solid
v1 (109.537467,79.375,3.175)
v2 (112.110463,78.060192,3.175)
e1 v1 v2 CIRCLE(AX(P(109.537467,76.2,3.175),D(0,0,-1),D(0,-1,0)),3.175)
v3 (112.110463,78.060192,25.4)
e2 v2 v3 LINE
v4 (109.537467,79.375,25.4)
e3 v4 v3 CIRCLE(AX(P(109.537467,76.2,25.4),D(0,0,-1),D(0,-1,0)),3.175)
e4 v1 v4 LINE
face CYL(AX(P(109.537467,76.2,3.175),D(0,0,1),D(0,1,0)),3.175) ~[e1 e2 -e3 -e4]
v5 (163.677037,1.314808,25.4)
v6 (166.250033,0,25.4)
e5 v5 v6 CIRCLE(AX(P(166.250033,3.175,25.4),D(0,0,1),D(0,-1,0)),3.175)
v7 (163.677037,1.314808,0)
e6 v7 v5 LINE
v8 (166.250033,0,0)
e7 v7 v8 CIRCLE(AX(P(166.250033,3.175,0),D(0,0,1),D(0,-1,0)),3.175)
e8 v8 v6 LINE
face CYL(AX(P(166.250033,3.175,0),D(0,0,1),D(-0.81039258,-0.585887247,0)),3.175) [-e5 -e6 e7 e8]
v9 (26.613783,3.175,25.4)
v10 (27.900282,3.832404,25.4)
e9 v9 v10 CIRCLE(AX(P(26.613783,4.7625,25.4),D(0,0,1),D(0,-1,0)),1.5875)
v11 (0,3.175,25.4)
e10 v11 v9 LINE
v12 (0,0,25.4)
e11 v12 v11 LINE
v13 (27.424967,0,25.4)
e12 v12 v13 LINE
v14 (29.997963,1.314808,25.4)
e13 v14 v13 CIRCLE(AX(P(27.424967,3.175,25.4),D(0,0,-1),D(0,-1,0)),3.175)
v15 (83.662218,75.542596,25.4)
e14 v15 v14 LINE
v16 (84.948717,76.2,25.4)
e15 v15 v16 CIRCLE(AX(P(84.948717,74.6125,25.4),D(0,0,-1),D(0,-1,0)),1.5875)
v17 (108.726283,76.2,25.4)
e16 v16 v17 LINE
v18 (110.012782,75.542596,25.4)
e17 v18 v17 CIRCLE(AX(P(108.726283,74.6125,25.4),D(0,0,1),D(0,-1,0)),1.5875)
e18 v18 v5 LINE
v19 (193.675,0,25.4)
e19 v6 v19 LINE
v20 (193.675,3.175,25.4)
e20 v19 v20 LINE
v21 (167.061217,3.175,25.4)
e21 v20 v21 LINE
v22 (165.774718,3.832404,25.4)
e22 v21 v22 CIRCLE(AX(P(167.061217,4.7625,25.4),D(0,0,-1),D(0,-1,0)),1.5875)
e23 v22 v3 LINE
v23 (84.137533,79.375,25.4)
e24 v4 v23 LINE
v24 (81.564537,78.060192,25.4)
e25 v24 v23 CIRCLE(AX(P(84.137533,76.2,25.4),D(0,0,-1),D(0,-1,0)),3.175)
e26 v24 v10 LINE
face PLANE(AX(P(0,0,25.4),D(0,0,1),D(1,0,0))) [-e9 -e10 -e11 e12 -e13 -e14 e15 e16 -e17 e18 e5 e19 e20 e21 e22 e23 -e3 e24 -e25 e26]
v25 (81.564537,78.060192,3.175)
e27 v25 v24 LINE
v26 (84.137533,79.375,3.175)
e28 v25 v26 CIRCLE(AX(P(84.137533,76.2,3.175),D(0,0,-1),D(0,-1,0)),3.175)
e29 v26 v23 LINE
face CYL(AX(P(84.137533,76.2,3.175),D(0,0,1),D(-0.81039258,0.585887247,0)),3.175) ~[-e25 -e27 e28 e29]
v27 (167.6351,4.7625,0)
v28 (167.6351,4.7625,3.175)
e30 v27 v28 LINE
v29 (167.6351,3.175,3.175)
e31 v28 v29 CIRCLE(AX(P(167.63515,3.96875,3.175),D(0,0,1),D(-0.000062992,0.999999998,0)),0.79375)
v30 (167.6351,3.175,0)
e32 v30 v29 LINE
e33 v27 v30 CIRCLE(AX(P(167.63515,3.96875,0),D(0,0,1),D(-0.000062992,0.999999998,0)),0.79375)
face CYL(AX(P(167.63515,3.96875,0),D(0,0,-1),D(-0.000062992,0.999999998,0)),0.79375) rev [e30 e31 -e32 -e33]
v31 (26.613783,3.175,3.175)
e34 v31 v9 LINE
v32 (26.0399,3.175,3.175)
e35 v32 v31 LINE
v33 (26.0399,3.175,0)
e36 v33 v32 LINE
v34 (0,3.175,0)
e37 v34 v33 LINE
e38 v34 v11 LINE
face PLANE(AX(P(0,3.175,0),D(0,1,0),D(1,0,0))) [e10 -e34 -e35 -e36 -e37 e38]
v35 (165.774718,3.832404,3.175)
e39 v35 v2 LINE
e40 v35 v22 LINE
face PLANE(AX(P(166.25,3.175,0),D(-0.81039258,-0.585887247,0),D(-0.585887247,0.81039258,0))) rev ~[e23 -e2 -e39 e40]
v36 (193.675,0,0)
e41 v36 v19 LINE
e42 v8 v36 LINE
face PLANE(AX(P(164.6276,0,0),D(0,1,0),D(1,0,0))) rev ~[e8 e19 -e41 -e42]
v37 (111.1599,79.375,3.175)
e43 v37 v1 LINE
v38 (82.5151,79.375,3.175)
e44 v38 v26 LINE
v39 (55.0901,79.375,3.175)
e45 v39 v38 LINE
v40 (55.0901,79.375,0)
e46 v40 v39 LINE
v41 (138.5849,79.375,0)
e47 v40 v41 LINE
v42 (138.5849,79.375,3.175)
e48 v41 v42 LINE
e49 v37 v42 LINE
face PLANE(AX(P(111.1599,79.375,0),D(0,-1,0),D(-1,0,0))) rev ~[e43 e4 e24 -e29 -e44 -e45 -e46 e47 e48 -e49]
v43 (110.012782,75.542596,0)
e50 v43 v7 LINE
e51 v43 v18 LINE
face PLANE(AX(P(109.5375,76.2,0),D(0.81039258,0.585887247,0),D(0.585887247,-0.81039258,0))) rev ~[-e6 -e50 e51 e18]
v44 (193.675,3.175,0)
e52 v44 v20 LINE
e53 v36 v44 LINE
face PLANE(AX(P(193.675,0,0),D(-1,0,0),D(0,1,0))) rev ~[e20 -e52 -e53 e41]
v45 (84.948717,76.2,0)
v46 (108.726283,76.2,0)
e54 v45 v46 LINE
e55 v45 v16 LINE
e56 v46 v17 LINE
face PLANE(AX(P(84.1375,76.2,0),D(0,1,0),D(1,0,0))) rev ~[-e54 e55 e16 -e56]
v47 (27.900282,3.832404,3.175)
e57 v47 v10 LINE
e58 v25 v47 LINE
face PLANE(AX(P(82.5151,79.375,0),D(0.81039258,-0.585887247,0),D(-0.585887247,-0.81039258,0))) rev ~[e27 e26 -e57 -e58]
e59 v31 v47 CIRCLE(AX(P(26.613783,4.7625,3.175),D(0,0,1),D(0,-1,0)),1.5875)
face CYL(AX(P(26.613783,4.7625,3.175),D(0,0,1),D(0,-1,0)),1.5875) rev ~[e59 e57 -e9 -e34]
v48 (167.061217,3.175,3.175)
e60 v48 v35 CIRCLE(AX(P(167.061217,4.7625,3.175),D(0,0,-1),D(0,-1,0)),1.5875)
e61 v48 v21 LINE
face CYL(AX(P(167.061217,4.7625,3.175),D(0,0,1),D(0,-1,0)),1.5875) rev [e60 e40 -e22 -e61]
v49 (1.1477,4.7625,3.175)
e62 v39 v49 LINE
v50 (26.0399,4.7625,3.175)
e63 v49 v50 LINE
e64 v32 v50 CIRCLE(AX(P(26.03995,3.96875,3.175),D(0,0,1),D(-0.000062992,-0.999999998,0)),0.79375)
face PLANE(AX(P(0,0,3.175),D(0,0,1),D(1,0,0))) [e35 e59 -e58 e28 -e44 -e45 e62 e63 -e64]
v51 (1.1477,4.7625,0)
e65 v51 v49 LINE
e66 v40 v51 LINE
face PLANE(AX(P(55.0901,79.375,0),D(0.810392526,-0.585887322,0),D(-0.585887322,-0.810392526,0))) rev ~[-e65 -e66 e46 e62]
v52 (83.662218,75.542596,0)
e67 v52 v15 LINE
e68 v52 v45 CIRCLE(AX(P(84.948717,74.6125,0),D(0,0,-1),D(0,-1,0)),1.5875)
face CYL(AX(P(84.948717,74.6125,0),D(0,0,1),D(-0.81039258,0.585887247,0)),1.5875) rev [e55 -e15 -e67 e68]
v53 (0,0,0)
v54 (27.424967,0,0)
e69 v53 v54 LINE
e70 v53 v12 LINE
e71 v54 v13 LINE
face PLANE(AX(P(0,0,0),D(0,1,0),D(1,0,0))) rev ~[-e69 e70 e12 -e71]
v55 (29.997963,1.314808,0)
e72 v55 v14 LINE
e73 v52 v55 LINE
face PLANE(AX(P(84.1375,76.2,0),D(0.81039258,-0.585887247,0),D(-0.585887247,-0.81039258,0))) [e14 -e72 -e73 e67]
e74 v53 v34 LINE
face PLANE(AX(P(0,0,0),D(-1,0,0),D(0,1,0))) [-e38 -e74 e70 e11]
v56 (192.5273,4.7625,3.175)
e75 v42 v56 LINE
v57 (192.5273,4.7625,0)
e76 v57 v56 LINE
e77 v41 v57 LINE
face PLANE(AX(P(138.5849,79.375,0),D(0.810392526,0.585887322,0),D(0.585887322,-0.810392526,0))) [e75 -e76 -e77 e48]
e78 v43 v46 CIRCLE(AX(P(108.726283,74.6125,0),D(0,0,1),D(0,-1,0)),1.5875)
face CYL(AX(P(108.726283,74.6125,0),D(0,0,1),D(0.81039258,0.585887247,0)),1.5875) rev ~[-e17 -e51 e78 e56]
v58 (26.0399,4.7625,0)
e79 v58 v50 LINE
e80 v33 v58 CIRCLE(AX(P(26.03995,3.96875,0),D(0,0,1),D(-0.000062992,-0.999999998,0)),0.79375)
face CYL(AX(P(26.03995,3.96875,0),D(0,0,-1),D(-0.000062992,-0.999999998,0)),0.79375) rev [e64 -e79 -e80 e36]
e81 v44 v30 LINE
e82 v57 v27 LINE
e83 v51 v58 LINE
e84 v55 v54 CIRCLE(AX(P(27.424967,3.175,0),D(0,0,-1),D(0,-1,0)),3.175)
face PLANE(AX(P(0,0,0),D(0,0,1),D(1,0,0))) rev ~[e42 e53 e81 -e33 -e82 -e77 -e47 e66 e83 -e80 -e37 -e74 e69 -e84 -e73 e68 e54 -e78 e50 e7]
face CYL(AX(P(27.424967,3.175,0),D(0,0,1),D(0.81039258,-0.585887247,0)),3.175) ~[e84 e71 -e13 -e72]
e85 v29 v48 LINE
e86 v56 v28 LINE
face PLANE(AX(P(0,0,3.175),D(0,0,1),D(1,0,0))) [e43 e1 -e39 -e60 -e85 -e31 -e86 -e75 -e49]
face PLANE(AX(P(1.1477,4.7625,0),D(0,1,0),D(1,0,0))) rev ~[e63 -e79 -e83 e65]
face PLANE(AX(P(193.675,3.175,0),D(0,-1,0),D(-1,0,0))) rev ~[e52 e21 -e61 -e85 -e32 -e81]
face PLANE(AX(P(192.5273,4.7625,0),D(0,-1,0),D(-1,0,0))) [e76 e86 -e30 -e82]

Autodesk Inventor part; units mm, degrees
ref_plane "YZ Plane" through (0, 0, 0) normal (1, 0, 0) x (0, 1, 0)
ref_plane "XZ Plane" through (0, 0, 0) normal (0, 1, 0) x (-1, 0, 0)
ref_plane "XY Plane" through (0, 0, 0) normal (0, 0, 1) x (1, 0, 0)
sketch "Sketch1" plane through (0, 0, 0) normal (0, 0, 1) x (1, 0, 0)
  line L0 (0, 0) -> (193.675, 0)
  line L1 (84.1375, 76.2) -> (109.5375, 76.2)
  line L2 (84.1375, 76.2) -> (29.0474, 0)
  line L3 (109.5375, 76.2) -> (164.6276, 0)
  line L4 (55.0901, 79.375) -> (1.1477, 4.7625)
  line L5 (138.5849, 79.375) -> (192.5273, 4.7625)
  line L6 (0, 0) -> (0, 3.175)
  line L7 (0, 3.175) -> (27.425, 3.175)
  line L8 (193.675, 0) -> (193.675, 3.175)
  line L9 (193.675, 3.175) -> (166.25, 3.175)
  line L10 (166.25, 3.175) -> (111.1599, 79.375)
  line L11 (111.1599, 79.375) -> (82.5151, 79.375)
  line L12 (82.5151, 79.375) -> (27.425, 3.175)
  line L13 (55.0901, 79.375) -> (82.5151, 79.375)
  line L14 (111.1599, 79.375) -> (138.5849, 79.375)
  line L15 (1.1477, 4.7625) -> (26.0399, 4.7625)
  line L16 (192.5273, 4.7625) -> (167.6351, 4.7625)
  arc A0 (26.0399, 3.175) -> (26.0399, 4.7625) centre (26.0399, 3.9688) ccw
  arc A1 (167.6351, 4.7625) -> (167.6351, 3.175) centre (167.6351, 3.9688) ccw
  dimension "d0" = 193.675
  dimension "d1" = 25.4
  dimension "d2" = 25.4
  dimension "d3" = 25.4
  dimension "d4" = 3.175
  dimension "d5" = 3.175
  dimension "d6" = 76.2
  dimension "d7" = 1.5875
  dimension "d8" = 1.5875
  dimension "d9" = 1.5875
extrude "Extrusion1" add sketch "Sketch1" along normal blind 25.4 contours L6 L7 L12 L11 L10 L9 L8 L0 L3 L1 L2
extrude "Extrusion2" add sketch "Sketch1" along normal blind 3.175 contours A0 L15 L4 L13 L12 L7 | L9 L10 L14 L5 L16 A1
fillet "Fillet1" radius 1.5875 4 edges at (166.25, 3.175, 14.2875) (27.425, 3.175, 14.2875) (84.1375, 76.2, 12.7) (109.5375, 76.2, 12.7)
fillet "Fillet2" radius 3.175 4 edges at (82.5151, 79.375, 14.2875) (111.1599, 79.375, 14.2875) (29.0474, 0, 12.7) (164.6276, 0, 12.7)
equation "\"d5\" = d4"
equation "\"d7\" = 0.5 * d4"
equation "\"d9\" = d8"
properties part number "bunny throw base 1"
